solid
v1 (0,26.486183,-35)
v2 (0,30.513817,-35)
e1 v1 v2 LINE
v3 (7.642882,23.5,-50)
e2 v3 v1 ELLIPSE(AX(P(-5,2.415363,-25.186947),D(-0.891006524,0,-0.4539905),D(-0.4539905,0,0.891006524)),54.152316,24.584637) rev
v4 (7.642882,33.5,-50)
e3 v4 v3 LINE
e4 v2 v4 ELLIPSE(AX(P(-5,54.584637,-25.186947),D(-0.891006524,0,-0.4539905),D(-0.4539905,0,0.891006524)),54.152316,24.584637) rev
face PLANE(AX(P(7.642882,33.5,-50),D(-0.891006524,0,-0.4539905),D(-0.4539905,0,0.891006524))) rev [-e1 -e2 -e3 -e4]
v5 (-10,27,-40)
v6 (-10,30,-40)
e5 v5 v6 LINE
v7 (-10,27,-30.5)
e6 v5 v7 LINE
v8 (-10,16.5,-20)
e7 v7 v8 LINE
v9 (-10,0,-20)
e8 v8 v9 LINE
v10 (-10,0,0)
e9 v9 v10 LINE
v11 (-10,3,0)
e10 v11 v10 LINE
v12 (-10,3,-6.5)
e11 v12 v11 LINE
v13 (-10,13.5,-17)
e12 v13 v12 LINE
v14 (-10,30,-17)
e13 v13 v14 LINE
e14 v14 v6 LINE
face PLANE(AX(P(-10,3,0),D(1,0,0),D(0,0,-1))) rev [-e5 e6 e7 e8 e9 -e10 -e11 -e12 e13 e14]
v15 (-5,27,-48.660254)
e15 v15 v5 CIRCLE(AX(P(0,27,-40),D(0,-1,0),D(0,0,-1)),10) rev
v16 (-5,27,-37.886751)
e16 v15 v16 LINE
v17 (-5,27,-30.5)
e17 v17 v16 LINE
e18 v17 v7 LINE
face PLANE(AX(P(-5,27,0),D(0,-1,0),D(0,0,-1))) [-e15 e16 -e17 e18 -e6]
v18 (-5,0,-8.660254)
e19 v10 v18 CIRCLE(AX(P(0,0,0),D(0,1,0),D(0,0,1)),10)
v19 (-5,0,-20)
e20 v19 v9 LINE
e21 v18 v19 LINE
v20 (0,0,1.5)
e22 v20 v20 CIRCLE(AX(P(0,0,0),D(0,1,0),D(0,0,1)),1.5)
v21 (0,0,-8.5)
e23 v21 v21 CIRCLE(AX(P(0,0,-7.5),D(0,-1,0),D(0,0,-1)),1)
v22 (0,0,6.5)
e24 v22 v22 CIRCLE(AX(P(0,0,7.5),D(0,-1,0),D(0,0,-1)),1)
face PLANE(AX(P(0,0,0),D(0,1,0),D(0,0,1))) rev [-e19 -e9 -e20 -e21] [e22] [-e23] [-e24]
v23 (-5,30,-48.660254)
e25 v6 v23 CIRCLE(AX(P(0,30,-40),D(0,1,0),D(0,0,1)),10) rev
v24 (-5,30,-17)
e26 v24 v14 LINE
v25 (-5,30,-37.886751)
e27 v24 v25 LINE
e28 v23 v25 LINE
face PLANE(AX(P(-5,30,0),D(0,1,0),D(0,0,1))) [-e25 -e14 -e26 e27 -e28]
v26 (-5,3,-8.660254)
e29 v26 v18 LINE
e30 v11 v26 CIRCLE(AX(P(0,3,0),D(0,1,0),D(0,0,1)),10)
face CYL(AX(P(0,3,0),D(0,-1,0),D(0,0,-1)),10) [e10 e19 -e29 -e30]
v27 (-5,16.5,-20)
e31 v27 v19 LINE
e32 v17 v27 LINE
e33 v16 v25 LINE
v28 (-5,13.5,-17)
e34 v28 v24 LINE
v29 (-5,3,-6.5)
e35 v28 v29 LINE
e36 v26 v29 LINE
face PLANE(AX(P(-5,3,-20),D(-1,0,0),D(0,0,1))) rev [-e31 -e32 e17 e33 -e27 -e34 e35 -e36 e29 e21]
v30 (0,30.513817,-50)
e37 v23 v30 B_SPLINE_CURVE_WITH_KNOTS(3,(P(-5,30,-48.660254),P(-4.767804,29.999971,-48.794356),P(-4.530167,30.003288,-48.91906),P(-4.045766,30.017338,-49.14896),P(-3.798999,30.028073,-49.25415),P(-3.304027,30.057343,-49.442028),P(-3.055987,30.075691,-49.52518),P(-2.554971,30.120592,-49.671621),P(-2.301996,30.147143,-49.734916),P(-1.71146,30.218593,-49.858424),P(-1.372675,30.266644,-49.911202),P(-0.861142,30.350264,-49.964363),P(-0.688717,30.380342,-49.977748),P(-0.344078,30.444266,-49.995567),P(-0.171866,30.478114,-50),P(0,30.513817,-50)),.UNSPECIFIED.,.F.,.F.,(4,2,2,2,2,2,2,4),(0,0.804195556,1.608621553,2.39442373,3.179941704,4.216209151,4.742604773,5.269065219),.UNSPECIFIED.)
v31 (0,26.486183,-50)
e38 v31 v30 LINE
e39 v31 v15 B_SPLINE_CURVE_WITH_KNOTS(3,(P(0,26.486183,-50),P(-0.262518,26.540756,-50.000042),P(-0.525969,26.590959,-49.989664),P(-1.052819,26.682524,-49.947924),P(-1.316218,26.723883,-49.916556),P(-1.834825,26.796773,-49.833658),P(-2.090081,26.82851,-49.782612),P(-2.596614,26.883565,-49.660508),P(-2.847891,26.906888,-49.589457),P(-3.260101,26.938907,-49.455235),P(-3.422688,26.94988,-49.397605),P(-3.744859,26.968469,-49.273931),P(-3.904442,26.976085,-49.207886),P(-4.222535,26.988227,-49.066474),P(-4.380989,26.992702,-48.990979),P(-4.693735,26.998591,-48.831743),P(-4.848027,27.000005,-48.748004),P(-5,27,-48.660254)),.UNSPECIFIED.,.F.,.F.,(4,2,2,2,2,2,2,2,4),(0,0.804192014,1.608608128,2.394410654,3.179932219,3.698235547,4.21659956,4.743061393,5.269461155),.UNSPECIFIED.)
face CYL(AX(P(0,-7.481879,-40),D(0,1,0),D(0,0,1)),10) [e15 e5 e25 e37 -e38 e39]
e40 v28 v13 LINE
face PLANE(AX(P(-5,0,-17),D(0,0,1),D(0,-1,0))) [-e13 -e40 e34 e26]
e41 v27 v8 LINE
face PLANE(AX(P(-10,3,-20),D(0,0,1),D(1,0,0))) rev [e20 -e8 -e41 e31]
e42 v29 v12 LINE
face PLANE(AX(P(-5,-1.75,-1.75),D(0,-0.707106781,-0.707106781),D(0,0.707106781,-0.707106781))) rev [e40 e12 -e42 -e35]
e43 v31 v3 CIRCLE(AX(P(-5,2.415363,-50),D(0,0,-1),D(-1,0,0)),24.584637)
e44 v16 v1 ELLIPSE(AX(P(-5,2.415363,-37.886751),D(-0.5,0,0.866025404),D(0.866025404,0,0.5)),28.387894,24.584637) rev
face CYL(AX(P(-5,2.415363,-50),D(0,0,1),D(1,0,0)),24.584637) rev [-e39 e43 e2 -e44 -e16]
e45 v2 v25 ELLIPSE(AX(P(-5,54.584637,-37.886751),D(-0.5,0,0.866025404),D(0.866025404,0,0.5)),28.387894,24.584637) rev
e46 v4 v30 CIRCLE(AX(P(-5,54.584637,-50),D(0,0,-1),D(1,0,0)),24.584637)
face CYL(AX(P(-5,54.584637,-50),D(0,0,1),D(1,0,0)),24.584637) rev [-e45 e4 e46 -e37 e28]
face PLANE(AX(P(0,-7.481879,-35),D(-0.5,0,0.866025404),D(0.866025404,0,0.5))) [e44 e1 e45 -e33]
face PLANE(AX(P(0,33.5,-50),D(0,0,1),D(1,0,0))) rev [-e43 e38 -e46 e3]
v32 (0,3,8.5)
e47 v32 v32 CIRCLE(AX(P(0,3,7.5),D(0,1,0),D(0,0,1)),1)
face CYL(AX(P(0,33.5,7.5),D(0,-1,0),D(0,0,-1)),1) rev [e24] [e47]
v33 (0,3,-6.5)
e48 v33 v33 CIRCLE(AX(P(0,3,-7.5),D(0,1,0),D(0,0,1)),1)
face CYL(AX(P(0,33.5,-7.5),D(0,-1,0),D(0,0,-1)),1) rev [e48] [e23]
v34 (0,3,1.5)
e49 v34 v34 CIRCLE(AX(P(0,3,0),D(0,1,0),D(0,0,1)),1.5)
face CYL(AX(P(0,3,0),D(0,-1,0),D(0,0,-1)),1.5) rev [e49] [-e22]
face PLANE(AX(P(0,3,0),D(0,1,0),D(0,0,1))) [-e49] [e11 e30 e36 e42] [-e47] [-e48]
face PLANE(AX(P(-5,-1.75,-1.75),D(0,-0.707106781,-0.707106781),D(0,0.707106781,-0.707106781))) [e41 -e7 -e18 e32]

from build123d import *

# Parameters (mm, degrees)
SKETCH1_R           = 1.5
BOSS_EXTRUDE1_DEPTH = 3
SKETCH2_W           = 1.5
SKETCH2_H           = 3
BOSS_EXTRUDE2_DEPTH = 5
BOSS_EXTRUDE3_DEPTH = 3
BOSS_EXTRUDE4_START = -1.5
BOSS_EXTRUDE4_DEPTH = 5
SKETCH6_OUTSIDE_W   = 36.314
SKETCH6_OUTSIDE_H   = 49.814
CUT_EXTRUDE2_DEPTH  = 57.984647055
SKETCH7_R           = 1
CUT_EXTRUDE3_DEPTH  = 62.010245195


with BuildPart() as part:
    # Sketch1 → Boss-Extrude1 (new body)
    with BuildSketch(Plane(origin=(0, 0, 0), x_dir=(1, 0, 0), z_dir=(0, 1, 0))):
        with BuildLine():
            Line((-10, 0), (-10, 20))
            Line((-10, 20), (-5, 20))
            Line((-5, 20), (-5, 8.660254038))
            ThreePointArc((-5, 8.660254038), (8.660254038, -5), (-10, 0))
        make_face()
        with Locations(Location((0, 0, 0), (0, 0, 270))):
            Circle(SKETCH1_R, mode=Mode.SUBTRACT)
    extrude(amount=BOSS_EXTRUDE1_DEPTH)

    # Sketch2 → Boss-Extrude2 (add)
    with BuildSketch(Plane.ZY.offset(10)):
        with Locations((-19.25, 1.5)):
            Rectangle(SKETCH2_W, SKETCH2_H)
        Polygon((-18.5, 0), (-17, 0), (-6.5, 0), (-6.5, 3), (-18.5, 3), align=None)
        Polygon((-18.5, 30), (-18.5, 3), (-6.5, 3), (-17, 13.5), (-17, 30), align=None)
        Polygon((-20, 3), (-18.5, 3), (-18.5, 30), (-20, 30), (-30, 30), (-30, 27), (-30.5, 27), (-20, 16.5), align=None)
    extrude(amount=-BOSS_EXTRUDE2_DEPTH)

    # Sketch4 → Boss-Extrude3 (add)
    with BuildSketch(Plane(origin=(0, 30, 0), x_dir=(1, 0, 0), z_dir=(0, 1, 0))):
        with BuildLine():
            Line((-5, 17), (-10, 17))
            Line((-10, 17), (-10, 40))
            ThreePointArc((-10, 40), (-7.071067812, 47.071067812), (0, 50))
            Line((0, 50), (0, 35))
            Line((0, 35), (-5, 37.886751346))
            Line((-5, 37.886751346), (-5, 30))
            Line((-5, 30), (-5, 17))
        make_face()
    extrude(amount=-BOSS_EXTRUDE3_DEPTH)

    # Sketch5 → Boss-Extrude4 (add, symmetric)
    with BuildSketch(Plane(origin=(0, 30, 0), x_dir=(1, 0, 0), z_dir=(0, 1, 0)).offset(BOSS_EXTRUDE4_START)):
        with BuildLine():
            Line((-5, 37.886751346), (-10, 37.886751346))
            Line((-10, 37.886751346), (-10, 40))
            ThreePointArc((-10, 40), (-7.071067812, 47.071067812), (0, 50))
            Line((0, 50), (7.642881742, 50))
            Line((7.642881742, 50), (0, 35))
            Line((0, 35), (-5, 37.886751346))
        make_face()
    extrude(amount=BOSS_EXTRUDE4_DEPTH, both=True)

    # Sketch6 outside → Cut-Extrude2 (cut, through all)
    with BuildSketch(Plane.XY.offset(-35)):
        with Locations((0, 16.75)):
            Rectangle(SKETCH6_OUTSIDE_W, SKETCH6_OUTSIDE_H)
        with BuildLine():
            Line((-10, 30), (-5, 30))
            ThreePointArc((-5, 30), (1.559200766, 30.891151362), (7.642881742, 33.5))
            Line((7.642881742, 33.5), (7.642881742, 23.5))
            ThreePointArc((7.642881742, 23.5), (1.559200766, 26.108848638), (-5, 27))
            Line((-5, 27), (-10, 27))
            Line((-10, 27), (-10, 30))
        make_face(mode=Mode.SUBTRACT)
    extrude(amount=-CUT_EXTRUDE2_DEPTH, mode=Mode.SUBTRACT)

    # Sketch7 → Cut-Extrude3 (cut, through all)
    with BuildSketch(Plane.XZ):
        with Locations(Location((0, -7.5, 0), (0, 0, 270))):
            Circle(SKETCH7_R)
        with Locations(Location((0, 7.5, 0), (0, 0, 270))):
            Circle(SKETCH7_R)
    extrude(amount=-CUT_EXTRUDE3_DEPTH, mode=Mode.SUBTRACT)


solid = part.part
